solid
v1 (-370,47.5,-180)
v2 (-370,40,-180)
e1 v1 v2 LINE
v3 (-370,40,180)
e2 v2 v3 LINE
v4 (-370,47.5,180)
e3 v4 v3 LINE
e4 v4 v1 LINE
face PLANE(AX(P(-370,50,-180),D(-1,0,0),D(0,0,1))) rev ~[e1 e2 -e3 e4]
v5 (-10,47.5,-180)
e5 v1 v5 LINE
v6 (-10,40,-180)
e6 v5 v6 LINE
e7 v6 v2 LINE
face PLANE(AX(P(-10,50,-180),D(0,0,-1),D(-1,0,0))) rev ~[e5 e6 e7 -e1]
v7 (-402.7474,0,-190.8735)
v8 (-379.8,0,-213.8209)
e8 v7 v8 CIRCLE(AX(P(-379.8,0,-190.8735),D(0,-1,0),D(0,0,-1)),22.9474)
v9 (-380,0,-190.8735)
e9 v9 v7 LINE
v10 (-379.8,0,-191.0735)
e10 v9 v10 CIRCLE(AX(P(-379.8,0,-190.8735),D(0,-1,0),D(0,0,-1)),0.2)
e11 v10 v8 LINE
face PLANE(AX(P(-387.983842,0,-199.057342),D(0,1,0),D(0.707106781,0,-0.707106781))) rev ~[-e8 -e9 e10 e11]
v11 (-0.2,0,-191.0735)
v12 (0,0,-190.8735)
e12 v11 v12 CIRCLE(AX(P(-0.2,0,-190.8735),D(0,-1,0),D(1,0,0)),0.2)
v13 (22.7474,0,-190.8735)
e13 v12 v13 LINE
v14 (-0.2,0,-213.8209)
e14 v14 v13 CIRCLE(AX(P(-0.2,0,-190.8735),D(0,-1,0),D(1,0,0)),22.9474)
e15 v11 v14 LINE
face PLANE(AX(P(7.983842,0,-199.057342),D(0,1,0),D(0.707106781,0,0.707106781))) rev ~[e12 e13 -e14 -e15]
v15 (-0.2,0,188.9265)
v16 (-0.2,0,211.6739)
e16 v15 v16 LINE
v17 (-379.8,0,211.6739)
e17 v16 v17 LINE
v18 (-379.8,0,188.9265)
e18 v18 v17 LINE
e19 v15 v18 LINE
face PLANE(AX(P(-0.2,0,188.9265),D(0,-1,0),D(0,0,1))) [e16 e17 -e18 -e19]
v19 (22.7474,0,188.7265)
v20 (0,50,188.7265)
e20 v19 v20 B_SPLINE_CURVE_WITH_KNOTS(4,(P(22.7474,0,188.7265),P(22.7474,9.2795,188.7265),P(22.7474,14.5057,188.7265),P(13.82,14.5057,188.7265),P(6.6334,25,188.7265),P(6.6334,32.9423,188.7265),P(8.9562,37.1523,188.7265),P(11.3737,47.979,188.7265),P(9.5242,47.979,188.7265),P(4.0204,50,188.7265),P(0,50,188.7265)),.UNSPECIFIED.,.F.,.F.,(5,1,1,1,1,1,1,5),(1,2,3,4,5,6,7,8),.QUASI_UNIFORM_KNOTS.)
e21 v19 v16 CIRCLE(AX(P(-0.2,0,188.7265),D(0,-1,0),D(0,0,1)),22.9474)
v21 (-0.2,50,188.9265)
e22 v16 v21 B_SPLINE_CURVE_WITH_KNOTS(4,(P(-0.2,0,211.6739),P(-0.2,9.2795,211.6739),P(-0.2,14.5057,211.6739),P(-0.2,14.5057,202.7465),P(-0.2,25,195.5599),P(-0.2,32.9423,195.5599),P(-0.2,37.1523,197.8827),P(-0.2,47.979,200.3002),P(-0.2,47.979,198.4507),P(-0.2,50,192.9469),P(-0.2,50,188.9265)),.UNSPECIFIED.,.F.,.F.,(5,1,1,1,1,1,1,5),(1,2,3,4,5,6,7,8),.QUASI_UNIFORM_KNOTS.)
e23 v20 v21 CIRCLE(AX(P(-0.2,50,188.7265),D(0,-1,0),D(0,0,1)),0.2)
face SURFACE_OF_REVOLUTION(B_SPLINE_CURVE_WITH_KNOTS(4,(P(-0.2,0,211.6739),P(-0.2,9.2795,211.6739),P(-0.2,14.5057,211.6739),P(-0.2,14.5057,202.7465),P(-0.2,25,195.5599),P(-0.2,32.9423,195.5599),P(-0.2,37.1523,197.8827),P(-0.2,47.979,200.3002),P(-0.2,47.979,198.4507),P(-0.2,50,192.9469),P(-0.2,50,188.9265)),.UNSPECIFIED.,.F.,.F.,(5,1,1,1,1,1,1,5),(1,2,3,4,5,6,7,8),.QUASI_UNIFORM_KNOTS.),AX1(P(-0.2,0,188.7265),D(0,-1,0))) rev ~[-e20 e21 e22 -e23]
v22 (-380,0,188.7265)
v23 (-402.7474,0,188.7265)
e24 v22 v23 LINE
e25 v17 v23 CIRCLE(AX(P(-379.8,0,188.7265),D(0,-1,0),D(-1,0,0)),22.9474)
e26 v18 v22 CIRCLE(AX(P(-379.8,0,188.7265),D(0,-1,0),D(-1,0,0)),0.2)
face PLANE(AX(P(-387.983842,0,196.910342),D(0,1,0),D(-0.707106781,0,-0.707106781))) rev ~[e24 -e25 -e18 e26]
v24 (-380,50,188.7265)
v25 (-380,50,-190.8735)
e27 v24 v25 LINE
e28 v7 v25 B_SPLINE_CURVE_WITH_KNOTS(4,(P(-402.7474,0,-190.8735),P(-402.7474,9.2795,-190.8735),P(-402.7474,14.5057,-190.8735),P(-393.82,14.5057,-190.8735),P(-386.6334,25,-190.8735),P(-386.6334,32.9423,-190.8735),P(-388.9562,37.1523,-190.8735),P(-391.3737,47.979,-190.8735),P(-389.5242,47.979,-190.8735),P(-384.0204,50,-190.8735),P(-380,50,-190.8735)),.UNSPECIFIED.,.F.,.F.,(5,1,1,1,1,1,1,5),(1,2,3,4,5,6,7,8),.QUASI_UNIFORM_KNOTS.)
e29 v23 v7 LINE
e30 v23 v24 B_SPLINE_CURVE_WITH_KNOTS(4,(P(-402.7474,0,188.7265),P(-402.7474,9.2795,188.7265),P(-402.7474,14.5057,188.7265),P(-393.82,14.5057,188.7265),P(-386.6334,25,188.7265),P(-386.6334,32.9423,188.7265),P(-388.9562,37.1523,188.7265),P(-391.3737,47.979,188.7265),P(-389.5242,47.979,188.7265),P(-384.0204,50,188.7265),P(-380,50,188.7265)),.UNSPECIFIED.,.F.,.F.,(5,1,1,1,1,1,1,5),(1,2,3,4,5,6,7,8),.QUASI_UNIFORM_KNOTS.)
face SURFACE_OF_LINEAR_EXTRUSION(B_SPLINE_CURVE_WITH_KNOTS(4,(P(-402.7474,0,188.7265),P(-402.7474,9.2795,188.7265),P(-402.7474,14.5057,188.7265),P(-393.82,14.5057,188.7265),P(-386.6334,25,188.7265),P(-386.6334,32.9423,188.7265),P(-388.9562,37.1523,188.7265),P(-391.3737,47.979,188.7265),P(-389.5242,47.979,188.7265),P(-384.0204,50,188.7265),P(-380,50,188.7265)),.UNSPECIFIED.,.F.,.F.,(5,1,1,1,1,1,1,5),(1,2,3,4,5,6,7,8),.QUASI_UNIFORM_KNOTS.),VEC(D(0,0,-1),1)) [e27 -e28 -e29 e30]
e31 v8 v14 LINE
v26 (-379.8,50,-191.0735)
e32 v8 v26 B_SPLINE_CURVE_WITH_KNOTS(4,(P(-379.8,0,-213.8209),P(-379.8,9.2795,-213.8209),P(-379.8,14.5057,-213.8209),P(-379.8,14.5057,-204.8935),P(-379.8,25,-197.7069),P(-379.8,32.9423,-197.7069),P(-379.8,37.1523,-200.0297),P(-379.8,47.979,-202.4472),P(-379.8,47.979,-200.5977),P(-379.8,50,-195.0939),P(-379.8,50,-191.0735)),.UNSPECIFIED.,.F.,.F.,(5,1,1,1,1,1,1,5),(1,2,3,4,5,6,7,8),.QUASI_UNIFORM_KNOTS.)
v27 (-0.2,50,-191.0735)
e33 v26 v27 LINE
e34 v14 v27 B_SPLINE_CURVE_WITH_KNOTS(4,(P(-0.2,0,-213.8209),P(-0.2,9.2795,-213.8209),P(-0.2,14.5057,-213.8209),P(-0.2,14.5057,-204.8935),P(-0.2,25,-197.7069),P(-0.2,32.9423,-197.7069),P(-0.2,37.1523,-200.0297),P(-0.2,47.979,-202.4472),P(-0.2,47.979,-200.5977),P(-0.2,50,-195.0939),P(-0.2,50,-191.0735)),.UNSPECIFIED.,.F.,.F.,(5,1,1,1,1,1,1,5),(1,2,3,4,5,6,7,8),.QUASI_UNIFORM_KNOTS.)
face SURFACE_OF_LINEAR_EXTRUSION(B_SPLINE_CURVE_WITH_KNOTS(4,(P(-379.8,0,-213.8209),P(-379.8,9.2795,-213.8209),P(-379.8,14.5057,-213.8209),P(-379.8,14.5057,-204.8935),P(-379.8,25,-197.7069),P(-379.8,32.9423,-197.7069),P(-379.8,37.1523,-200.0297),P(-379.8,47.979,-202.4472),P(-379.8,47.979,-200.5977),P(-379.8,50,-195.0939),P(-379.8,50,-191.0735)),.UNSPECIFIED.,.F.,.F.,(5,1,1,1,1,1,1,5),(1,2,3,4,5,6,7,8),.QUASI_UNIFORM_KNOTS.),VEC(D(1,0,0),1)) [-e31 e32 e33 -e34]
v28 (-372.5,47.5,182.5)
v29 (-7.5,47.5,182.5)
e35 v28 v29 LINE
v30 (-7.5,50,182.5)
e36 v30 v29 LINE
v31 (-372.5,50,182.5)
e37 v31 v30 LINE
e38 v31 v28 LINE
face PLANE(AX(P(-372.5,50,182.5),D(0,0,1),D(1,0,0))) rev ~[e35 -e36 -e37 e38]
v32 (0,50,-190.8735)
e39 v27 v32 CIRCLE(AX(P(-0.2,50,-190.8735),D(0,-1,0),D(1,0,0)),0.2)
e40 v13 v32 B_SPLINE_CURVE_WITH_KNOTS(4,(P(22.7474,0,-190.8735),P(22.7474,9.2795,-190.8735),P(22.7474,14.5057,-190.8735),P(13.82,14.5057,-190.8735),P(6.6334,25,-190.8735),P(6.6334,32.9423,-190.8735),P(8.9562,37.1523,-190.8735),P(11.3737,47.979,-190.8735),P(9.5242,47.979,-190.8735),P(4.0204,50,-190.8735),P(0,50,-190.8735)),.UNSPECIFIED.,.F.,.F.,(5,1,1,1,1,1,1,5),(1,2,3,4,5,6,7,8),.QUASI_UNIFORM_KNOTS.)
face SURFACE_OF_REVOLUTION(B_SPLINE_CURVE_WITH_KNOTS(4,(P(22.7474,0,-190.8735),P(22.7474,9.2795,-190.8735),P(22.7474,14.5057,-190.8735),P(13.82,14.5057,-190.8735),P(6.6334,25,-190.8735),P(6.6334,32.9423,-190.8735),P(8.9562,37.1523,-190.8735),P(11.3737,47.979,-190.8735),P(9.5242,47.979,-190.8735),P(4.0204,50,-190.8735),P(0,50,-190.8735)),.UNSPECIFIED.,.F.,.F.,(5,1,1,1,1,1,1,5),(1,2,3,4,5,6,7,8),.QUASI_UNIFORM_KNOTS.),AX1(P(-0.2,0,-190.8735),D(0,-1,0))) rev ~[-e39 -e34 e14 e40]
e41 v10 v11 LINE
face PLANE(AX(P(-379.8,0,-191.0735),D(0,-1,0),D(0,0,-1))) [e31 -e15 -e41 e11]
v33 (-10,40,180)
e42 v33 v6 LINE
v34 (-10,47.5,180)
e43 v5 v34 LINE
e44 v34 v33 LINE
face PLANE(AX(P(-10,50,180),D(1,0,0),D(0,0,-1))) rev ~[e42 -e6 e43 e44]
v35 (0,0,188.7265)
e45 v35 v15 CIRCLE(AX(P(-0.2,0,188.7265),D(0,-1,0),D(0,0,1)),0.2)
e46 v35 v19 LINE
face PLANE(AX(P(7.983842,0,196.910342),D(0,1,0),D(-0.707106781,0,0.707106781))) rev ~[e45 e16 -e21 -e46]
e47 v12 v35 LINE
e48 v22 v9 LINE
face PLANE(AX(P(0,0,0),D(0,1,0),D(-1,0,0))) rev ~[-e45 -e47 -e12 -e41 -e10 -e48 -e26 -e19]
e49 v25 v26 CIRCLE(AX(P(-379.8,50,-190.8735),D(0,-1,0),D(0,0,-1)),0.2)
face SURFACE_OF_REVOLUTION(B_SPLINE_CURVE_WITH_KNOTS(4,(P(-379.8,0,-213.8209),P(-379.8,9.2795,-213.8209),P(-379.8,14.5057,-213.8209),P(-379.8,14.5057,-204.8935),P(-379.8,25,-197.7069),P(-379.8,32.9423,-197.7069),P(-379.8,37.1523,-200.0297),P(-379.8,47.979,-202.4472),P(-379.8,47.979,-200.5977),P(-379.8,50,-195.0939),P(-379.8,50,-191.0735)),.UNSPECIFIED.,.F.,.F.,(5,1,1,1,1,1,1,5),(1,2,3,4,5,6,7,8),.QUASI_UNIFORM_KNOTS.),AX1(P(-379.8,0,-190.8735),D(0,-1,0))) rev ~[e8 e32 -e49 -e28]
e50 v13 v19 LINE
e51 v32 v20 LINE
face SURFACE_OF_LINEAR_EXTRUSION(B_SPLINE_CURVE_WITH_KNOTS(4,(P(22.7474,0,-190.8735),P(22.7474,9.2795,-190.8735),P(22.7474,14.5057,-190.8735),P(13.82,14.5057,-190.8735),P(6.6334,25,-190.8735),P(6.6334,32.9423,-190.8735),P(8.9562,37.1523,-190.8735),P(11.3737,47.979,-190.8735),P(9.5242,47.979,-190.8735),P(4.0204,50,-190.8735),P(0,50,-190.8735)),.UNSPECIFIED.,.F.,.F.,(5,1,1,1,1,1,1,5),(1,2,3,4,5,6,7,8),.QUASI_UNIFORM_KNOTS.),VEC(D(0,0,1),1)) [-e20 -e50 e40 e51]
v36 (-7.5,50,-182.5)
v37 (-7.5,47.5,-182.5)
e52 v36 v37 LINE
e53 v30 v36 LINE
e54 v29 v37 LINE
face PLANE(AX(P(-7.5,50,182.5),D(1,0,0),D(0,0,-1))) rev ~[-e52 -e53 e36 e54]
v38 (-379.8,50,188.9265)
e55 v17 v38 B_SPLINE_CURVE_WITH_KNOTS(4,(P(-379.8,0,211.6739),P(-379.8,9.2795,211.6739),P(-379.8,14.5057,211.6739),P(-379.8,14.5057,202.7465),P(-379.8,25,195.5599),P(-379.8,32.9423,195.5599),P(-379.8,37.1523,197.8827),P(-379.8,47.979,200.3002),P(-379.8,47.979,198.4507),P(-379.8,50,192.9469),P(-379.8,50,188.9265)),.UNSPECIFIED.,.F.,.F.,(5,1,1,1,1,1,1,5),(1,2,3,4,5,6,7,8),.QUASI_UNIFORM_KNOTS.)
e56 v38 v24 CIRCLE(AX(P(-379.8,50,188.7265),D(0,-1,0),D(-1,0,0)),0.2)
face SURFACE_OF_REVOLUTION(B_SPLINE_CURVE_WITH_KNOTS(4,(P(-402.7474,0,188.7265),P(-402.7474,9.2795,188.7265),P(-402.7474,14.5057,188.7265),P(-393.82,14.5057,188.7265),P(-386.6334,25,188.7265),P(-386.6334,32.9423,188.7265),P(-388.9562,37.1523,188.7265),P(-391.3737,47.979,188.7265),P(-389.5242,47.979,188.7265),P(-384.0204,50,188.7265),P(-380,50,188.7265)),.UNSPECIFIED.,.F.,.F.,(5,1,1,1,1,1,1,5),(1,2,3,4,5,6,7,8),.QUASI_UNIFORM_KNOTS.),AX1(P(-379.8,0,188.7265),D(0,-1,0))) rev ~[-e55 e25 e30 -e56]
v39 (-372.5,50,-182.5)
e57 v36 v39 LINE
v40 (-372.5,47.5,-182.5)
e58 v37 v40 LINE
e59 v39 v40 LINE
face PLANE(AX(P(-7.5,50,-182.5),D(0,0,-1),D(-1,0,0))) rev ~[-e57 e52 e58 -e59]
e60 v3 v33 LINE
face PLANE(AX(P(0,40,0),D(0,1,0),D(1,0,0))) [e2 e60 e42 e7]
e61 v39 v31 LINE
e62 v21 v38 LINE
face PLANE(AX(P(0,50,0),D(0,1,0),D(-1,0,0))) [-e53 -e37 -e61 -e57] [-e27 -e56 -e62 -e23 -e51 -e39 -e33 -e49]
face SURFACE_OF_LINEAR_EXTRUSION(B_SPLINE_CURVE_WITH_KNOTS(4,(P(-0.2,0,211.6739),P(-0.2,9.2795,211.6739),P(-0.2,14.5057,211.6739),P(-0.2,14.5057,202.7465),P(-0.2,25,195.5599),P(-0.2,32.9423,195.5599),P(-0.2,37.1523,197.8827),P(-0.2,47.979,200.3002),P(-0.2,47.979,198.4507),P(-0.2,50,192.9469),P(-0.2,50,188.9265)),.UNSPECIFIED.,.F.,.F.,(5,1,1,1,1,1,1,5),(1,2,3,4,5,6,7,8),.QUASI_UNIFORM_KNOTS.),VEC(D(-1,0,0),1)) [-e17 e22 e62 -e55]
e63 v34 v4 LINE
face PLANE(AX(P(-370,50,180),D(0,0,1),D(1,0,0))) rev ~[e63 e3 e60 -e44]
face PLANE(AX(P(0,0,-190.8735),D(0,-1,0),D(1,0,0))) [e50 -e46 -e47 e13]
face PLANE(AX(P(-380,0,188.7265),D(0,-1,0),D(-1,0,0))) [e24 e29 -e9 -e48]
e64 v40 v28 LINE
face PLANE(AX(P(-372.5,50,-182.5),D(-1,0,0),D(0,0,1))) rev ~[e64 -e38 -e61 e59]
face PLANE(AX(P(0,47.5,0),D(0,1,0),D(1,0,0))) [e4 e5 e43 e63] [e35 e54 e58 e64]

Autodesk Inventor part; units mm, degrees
ref_plane "YZ Plane" through (0, 0, 0) normal (1, 0, 0) x (0, 1, 0)
ref_plane "XZ Plane" through (0, 0, 0) normal (0, 1, 0) x (-1, 0, 0)
ref_plane "XY Plane" through (0, 0, 0) normal (0, 0, 1) x (1, 0, 0)
sketch "Sketch2" plane through (0, 0, 0) normal (0, 1, 0) x (-1, 0, 0)
  line L0 (0.2, 188.9265) -> (379.8, 188.9265)
  line L1 (380, 188.7265) -> (380, -190.8735)
  line L2 (379.8, -191.0735) -> (0.2, -191.0735)
  line L3 (0, -190.8735) -> (0, 188.7265)
  arc A0 (0.2, 188.9265) -> (0, 188.7265) centre (0.2, 188.7265) ccw
  arc A1 (0, -190.8735) -> (0.2, -191.0735) centre (0.2, -190.8735) ccw
  arc A2 (379.8, -191.0735) -> (380, -190.8735) centre (379.8, -190.8735) ccw
  arc A3 (380, 188.7265) -> (379.8, 188.9265) centre (379.8, 188.7265) ccw
  point P0 (0, 0)
  point P1 (380, -191.0735)
  point P2 (380, 188.9265)
  point P3 (0, -191.0735)
  dimension "d1" = 380
  dimension "d2" = 380
  dimension "d3" = 0.2
sketch "Sketch1" plane through (0, 0, 0) normal (0, 0, 1) x (1, 0, 0)
  line L0 (0, 0) -> (0, 50)
  line L1 (0, 50) -> (4.0204, 50) construction
  line L2 (4.0204, 50) -> (9.5242, 47.979) construction
  line L3 (9.5242, 47.979) -> (11.3737, 47.979) construction
  line L4 (11.3737, 47.979) -> (8.9562, 37.1523) construction
  line L5 (8.9562, 37.1523) -> (6.6334, 32.9423) construction
  line L6 (6.6334, 32.9423) -> (6.6334, 25) construction
  line L7 (6.6334, 25) -> (13.82, 14.5057) construction
  line L8 (13.82, 14.5057) -> (22.7474, 14.5057) construction
  line L9 (22.7474, 14.5057) -> (22.7474, 9.2795) construction
  line L10 (22.7474, 9.2795) -> (22.7474, 0) construction
  spline S0 degree 4 poles (0, 50) (4.0204, 50) (9.5242, 47.979) (11.3737, 47.979) (8.9562, 37.1523) (6.6334, 32.9423) (6.6334, 25) (13.82, 14.5057) (22.7474, 14.5057) (22.7474, 9.2795) (22.7474, 0) knots 1 1 1 1 1 2 3 4 5 6 7 8 8 8 8 8
  line L11 (0, 0) -> (22.7474, 0)
  dimension "d0" = 50
sweep "Sweep1" add profiles "Sketch1" path "Sketch2"
extrude "Extrusion1" add sketch "Sketch2" along normal blind 50
sketch "Sketch3" plane through (0, 50, 0) normal (0, 1, 0) x (1, 0, 0)
  line L0 (-370, -180) -> (-10, -180)
  line L1 (-10, -180) -> (-10, 180)
  line L2 (-10, 180) -> (-370, 180)
  line L3 (-370, 180) -> (-370, -180)
  line L4 (-370, -180) -> (-10, 180) construction
  line L5 (-10, -180) -> (-370, 180) construction
  point P0 (0, 0)
  point P1 (-190, 0)
  dimension "d8" = 360
  dimension "d9" = 360
extrude "Extrusion2" cut sketch "Sketch3" against normal blind 10
sketch "Sketch4" plane through (0, 50, 0) normal (0, 1, 0) x (1, 0, 0)
  line L0 (-370, -180) -> (-370, 180) projected
  line L1 (-370, 0) -> (-10, 0)
  line L2 (-10, 180) -> (-10, -180) projected
  line L3 (-372.5, -182.5) -> (-7.5, -182.5)
  line L4 (-7.5, -182.5) -> (-7.5, 182.5)
  line L5 (-7.5, 182.5) -> (-372.5, 182.5)
  line L6 (-372.5, 182.5) -> (-372.5, -182.5)
  line L7 (-372.5, -182.5) -> (-7.5, 182.5) construction
  line L8 (-7.5, -182.5) -> (-372.5, 182.5) construction
  point P0 (0, 0)
  point P1 (-190, 0)
  dimension "d12" = 365
  dimension "d13" = 365
extrude "Extrusion3" cut sketch "Sketch4" against normal blind 2.5
properties part number "Board Piece 2"
